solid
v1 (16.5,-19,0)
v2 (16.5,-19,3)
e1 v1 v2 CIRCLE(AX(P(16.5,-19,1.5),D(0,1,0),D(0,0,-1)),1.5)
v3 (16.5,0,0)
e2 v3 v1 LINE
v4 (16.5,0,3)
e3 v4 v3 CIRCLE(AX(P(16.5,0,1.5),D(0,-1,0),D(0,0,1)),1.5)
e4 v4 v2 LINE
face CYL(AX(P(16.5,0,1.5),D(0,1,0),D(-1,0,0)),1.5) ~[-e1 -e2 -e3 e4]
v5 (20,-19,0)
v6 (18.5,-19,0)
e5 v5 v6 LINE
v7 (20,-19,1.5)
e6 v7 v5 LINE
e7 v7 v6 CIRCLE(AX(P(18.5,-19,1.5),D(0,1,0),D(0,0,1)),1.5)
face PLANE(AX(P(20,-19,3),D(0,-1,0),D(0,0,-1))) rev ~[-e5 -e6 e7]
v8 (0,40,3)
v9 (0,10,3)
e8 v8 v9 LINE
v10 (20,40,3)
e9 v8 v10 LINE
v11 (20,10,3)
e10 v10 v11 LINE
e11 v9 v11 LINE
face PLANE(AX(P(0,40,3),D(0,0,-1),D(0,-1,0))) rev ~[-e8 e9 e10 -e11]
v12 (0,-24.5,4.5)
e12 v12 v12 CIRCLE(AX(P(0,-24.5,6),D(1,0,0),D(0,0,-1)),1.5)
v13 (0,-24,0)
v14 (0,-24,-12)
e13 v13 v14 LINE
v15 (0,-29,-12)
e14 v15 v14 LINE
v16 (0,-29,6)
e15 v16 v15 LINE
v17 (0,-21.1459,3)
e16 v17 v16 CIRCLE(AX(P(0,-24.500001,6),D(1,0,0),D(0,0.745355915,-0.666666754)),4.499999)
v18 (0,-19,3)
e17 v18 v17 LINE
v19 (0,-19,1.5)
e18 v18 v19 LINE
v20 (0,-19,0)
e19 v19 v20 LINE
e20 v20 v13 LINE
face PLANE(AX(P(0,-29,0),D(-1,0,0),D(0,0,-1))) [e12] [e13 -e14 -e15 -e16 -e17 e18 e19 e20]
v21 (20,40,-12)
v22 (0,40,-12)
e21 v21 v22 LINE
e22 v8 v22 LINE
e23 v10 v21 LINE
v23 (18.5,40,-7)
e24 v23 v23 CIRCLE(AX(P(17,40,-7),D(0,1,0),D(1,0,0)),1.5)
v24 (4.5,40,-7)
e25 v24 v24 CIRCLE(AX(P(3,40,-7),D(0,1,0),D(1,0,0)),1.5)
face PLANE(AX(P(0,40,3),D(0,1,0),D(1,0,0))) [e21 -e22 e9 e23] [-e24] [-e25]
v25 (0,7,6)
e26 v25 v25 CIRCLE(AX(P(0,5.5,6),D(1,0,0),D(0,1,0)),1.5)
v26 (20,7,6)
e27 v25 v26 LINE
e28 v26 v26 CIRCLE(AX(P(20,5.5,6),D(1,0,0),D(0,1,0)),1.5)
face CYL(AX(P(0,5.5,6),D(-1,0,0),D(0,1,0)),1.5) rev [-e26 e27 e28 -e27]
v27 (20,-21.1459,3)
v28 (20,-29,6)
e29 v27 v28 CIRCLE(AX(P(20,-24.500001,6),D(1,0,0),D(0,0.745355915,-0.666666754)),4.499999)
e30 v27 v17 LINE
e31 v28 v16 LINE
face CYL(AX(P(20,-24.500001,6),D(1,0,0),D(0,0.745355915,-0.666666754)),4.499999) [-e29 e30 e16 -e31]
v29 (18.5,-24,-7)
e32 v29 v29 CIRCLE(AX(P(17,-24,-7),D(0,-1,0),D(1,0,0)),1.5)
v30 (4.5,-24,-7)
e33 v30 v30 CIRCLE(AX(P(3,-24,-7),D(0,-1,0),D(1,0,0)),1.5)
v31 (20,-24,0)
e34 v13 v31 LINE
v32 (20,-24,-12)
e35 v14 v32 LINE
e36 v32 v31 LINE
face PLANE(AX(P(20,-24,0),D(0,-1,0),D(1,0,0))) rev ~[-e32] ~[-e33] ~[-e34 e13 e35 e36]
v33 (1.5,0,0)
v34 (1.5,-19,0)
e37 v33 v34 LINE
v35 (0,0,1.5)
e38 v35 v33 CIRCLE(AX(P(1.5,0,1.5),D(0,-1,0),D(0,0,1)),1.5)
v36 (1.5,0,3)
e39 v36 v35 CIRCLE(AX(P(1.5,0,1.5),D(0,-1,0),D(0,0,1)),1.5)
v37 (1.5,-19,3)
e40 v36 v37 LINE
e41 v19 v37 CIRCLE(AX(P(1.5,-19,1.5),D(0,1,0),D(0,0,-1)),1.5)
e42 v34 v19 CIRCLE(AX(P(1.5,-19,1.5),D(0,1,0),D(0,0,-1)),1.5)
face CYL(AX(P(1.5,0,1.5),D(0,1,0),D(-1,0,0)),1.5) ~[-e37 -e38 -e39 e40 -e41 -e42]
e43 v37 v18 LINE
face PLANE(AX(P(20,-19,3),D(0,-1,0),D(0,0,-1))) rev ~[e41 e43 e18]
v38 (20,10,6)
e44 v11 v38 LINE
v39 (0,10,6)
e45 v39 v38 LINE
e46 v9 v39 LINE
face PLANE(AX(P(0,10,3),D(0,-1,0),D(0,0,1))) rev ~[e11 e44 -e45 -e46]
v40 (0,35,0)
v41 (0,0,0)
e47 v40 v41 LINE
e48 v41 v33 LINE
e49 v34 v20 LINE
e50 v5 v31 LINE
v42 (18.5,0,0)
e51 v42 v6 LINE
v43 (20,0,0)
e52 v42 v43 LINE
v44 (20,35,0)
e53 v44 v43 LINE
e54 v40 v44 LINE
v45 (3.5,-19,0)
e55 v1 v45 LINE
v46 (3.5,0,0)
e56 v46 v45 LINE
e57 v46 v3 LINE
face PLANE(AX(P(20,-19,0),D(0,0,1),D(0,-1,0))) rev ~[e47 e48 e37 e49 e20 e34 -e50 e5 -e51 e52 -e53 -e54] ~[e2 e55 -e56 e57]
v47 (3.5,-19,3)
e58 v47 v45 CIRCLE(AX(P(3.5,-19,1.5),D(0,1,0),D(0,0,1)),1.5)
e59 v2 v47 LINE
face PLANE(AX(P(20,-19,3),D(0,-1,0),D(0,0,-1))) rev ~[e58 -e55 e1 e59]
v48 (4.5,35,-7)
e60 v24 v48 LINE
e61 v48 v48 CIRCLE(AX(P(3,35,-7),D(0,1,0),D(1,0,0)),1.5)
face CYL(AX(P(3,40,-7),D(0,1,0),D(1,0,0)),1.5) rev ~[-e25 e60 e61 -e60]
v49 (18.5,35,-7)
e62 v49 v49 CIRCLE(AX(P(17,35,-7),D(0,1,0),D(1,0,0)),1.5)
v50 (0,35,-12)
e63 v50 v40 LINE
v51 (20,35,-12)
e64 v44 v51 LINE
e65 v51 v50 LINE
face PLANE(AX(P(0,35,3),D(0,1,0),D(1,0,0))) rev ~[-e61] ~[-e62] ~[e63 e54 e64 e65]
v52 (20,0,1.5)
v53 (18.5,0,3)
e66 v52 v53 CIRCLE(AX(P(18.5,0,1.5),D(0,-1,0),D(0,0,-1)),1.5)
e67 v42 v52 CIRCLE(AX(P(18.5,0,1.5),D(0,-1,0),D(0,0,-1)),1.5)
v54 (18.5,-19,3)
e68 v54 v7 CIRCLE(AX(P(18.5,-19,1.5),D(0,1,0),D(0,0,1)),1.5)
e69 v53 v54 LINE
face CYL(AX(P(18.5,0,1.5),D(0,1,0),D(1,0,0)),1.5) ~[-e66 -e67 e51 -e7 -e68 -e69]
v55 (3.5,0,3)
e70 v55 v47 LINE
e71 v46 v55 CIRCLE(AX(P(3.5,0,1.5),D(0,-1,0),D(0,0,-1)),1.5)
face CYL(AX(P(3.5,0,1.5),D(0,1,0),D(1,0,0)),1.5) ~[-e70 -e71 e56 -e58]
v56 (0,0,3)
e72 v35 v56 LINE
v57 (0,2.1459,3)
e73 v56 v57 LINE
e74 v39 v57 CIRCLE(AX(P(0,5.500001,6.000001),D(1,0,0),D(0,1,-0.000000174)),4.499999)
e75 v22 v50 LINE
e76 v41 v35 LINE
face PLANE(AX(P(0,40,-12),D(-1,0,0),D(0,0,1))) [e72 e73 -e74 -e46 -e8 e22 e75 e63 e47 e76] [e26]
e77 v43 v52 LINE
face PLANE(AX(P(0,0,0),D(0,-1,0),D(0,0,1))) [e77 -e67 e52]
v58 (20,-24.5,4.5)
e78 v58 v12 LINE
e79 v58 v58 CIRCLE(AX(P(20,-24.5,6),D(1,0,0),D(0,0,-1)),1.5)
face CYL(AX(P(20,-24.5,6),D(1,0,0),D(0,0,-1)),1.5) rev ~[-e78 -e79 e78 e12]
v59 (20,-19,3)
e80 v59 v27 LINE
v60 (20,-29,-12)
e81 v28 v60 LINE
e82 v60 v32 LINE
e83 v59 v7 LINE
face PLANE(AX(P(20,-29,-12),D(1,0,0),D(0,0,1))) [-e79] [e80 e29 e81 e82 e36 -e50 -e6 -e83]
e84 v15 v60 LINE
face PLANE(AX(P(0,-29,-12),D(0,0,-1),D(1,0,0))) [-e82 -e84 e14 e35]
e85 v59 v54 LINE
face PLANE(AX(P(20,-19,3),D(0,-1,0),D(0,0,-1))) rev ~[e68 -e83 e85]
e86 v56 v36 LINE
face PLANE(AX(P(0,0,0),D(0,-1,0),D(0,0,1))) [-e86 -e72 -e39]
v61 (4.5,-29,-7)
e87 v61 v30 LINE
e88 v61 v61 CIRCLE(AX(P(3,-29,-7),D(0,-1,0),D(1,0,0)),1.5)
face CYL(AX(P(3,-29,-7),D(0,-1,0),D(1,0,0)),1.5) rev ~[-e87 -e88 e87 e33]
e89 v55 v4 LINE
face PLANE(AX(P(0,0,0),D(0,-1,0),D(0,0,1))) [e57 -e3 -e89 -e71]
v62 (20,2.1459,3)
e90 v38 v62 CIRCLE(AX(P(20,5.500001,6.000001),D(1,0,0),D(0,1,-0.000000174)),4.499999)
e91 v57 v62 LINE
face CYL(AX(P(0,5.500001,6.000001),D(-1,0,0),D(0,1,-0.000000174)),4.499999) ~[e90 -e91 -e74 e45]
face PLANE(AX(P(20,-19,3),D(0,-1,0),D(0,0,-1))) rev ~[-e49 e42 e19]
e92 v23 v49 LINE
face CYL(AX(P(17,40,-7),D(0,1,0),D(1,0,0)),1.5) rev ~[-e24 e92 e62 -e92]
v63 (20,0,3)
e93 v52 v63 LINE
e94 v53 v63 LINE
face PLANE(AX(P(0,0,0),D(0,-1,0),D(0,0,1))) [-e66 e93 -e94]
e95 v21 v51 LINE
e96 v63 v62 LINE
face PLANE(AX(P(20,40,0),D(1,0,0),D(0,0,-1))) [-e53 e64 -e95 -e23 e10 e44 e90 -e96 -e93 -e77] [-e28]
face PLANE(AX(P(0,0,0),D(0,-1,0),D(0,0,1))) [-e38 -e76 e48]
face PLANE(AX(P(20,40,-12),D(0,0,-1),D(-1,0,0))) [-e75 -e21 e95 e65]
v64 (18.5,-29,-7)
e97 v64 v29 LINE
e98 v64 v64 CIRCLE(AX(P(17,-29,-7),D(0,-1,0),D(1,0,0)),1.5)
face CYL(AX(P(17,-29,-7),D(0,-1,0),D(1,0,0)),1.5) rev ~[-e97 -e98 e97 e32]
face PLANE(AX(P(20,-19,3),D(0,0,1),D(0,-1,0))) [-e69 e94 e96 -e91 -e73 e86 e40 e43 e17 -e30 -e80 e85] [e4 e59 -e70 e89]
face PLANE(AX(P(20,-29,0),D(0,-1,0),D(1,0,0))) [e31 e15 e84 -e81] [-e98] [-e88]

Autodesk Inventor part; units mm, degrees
ref_plane "YZ Plane" through (0, 0, 0) normal (1, 0, 0) x (0, 1, 0)
ref_plane "XZ Plane" through (0, 0, 0) normal (0, 1, 0) x (-1, 0, 0)
ref_plane "XY Plane" through (0, 0, 0) normal (0, 0, 1) x (1, 0, 0)
sketch "Sketch1" plane through (0, 0, 0) normal (1, 0, 0) x (0, 1, 0)
  line L0 (40, 0) -> (40, 3)
  line L1 (40, 3) -> (10, 3)
  line L2 (10, 3) -> (10, 6)
  arc A0 (10, 6) -> (2.1459, 3) centre (5.5, 6) ccw
  line L3 (0, 0) -> (0, 3)
  line L4 (0, 3) -> (2.1459, 3)
  line L5 (40, 0) -> (0, 0)
  circle A1 centre (5.5, 6) radius 1.5
  dimension "d7" = 3
extrude "Extrusion1" add sketch "Sketch1" along normal blind 20
sketch "Sketch2" plane through (0, 0, 0) normal (0, -1, 0) x (1, 0, 0)
  line L0 (0, 0) -> (20, 0) projected
  line L1 (18.5, 0) -> (16.5, 0)
  line L2 (15, 1.5) -> (15, 1.5)
  line L3 (0, 3) -> (20, 3) projected
  line L4 (16.5, 3) -> (18.5, 3)
  line L5 (20, 1.5) -> (20, 1.5)
  arc A0 (20, 1.5) -> (18.5, 3) centre (18.5, 1.5) ccw
  arc A1 (18.5, 0) -> (20, 1.5) centre (18.5, 1.5) ccw
  arc A2 (16.5, 3) -> (15, 1.5) centre (16.5, 1.5) ccw
  arc A3 (15, 1.5) -> (16.5, 0) centre (16.5, 1.5) ccw
  line L6 (0, 6) -> (0, 3) projected
  line L7 (1.5, 3) -> (3.5, 3)
  line L8 (5, 1.5) -> (5, 1.5)
  line L9 (3.5, 0) -> (1.5, 0)
  line L10 (0, 0) -> (0, 3) projected
  line L11 (0, 1.5) -> (0, 1.5)
  arc A4 (5, 1.5) -> (3.5, 3) centre (3.5, 1.5) ccw
  arc A5 (3.5, 0) -> (5, 1.5) centre (3.5, 1.5) ccw
  arc A6 (1.5, 3) -> (0, 1.5) centre (1.5, 1.5) ccw
  arc A7 (0, 1.5) -> (1.5, 0) centre (1.5, 1.5) ccw
  point P0 (15, 0)
  point P1 (15, 3)
  point P2 (5, 3)
  point P3 (5, 0)
  dimension "d10" = 5
  dimension "d11" = 3
  dimension "d12" = 5
  dimension "d13" = 3
  dimension "d14" = 1.5
  dimension "d15" = 5
  dimension "d16" = 3
  dimension "d17" = 5
  dimension "d18" = 3
  dimension "d19" = 1.5
extrude "Extrusion2" add sketch "Sketch2" along normal blind 19 contours A7 A6 L3 A4 A5 L0 | A3 A2 L3 A0 A1 L0
ref_plane "Work Plane1" through (18.5, -19, 3) normal (0, -1, 0) x (1, 0, 0)
sketch "Sketch4" plane through (20, 0, 0) normal (1, 0, 0) x (0, 0, -1)
  line L0 (-3, -19) -> (0, -19) projected
  line L1 (0, -19) -> (0, -29)
  line L2 (0, -29) -> (-6, -29)
  arc A0 (-3, -21.1459) -> (-6, -29) centre (-6, -24.5) ccw
  line L3 (-3, -19) -> (-3, -21.1459)
  circle A1 centre (-6, -24.5) radius 1.5
  point P0 (0, 0)
  dimension "d31" = 3
extrude "Extrusion3" add sketch "Sketch4" against normal blind 20
sketch "Sketch5" plane through (0, 40, 3) normal (0, 1, 0) x (1, 0, 0)
  line L0 (0, 3) -> (20, 3) projected
  line L1 (20, 3) -> (20, 15)
  line L2 (20, 15) -> (0, 15)
  line L3 (0, 0) -> (0, 3) projected
  line L4 (0, 15) -> (0, 3)
  line L5 (0, 3) -> (20, 3)
  circle A0 centre (17, 10) radius 1.5
  circle A1 centre (3, 10) radius 1.5
  dimension "d34" = 12
  dimension "d35" = 20
  dimension "d36" = 12
  dimension "d37" = 20
  dimension "d40" = 3
  dimension "d43" = 3
extrude "Extrusion4" add sketch "Sketch5" against normal blind 5
sketch "Sketch6" plane through (20, -29, 0) normal (0, -1, 0) x (1, 0, 0)
  line L0 (-20, 0) -> (-20, -12) projected
  line L1 (-20, 0) -> (-20, -12)
  line L2 (-20, -12) -> (0, -12)
  line L3 (-1.5, 0) -> (0, 0) projected
  line L4 (0, -12) -> (0, 0)
  line L5 (0, 0) -> (-20, 0)
  line L6 (-16.5, 0) -> (-3.5, 0) projected
  circle A0 centre (-17, -7) radius 1.5 projected
  circle A1 centre (-17, -7) radius 1.5
  circle A2 centre (-3, -7) radius 1.5 projected
  circle A3 centre (-3, -7) radius 1.5
  dimension "d46" = 12
  dimension "d47" = 20
  dimension "d48" = 12
  dimension "d49" = 20
  dimension "d50" = 3
  dimension "d51" = 3
extrude "Extrusion5" add sketch "Sketch6" against normal blind 5
